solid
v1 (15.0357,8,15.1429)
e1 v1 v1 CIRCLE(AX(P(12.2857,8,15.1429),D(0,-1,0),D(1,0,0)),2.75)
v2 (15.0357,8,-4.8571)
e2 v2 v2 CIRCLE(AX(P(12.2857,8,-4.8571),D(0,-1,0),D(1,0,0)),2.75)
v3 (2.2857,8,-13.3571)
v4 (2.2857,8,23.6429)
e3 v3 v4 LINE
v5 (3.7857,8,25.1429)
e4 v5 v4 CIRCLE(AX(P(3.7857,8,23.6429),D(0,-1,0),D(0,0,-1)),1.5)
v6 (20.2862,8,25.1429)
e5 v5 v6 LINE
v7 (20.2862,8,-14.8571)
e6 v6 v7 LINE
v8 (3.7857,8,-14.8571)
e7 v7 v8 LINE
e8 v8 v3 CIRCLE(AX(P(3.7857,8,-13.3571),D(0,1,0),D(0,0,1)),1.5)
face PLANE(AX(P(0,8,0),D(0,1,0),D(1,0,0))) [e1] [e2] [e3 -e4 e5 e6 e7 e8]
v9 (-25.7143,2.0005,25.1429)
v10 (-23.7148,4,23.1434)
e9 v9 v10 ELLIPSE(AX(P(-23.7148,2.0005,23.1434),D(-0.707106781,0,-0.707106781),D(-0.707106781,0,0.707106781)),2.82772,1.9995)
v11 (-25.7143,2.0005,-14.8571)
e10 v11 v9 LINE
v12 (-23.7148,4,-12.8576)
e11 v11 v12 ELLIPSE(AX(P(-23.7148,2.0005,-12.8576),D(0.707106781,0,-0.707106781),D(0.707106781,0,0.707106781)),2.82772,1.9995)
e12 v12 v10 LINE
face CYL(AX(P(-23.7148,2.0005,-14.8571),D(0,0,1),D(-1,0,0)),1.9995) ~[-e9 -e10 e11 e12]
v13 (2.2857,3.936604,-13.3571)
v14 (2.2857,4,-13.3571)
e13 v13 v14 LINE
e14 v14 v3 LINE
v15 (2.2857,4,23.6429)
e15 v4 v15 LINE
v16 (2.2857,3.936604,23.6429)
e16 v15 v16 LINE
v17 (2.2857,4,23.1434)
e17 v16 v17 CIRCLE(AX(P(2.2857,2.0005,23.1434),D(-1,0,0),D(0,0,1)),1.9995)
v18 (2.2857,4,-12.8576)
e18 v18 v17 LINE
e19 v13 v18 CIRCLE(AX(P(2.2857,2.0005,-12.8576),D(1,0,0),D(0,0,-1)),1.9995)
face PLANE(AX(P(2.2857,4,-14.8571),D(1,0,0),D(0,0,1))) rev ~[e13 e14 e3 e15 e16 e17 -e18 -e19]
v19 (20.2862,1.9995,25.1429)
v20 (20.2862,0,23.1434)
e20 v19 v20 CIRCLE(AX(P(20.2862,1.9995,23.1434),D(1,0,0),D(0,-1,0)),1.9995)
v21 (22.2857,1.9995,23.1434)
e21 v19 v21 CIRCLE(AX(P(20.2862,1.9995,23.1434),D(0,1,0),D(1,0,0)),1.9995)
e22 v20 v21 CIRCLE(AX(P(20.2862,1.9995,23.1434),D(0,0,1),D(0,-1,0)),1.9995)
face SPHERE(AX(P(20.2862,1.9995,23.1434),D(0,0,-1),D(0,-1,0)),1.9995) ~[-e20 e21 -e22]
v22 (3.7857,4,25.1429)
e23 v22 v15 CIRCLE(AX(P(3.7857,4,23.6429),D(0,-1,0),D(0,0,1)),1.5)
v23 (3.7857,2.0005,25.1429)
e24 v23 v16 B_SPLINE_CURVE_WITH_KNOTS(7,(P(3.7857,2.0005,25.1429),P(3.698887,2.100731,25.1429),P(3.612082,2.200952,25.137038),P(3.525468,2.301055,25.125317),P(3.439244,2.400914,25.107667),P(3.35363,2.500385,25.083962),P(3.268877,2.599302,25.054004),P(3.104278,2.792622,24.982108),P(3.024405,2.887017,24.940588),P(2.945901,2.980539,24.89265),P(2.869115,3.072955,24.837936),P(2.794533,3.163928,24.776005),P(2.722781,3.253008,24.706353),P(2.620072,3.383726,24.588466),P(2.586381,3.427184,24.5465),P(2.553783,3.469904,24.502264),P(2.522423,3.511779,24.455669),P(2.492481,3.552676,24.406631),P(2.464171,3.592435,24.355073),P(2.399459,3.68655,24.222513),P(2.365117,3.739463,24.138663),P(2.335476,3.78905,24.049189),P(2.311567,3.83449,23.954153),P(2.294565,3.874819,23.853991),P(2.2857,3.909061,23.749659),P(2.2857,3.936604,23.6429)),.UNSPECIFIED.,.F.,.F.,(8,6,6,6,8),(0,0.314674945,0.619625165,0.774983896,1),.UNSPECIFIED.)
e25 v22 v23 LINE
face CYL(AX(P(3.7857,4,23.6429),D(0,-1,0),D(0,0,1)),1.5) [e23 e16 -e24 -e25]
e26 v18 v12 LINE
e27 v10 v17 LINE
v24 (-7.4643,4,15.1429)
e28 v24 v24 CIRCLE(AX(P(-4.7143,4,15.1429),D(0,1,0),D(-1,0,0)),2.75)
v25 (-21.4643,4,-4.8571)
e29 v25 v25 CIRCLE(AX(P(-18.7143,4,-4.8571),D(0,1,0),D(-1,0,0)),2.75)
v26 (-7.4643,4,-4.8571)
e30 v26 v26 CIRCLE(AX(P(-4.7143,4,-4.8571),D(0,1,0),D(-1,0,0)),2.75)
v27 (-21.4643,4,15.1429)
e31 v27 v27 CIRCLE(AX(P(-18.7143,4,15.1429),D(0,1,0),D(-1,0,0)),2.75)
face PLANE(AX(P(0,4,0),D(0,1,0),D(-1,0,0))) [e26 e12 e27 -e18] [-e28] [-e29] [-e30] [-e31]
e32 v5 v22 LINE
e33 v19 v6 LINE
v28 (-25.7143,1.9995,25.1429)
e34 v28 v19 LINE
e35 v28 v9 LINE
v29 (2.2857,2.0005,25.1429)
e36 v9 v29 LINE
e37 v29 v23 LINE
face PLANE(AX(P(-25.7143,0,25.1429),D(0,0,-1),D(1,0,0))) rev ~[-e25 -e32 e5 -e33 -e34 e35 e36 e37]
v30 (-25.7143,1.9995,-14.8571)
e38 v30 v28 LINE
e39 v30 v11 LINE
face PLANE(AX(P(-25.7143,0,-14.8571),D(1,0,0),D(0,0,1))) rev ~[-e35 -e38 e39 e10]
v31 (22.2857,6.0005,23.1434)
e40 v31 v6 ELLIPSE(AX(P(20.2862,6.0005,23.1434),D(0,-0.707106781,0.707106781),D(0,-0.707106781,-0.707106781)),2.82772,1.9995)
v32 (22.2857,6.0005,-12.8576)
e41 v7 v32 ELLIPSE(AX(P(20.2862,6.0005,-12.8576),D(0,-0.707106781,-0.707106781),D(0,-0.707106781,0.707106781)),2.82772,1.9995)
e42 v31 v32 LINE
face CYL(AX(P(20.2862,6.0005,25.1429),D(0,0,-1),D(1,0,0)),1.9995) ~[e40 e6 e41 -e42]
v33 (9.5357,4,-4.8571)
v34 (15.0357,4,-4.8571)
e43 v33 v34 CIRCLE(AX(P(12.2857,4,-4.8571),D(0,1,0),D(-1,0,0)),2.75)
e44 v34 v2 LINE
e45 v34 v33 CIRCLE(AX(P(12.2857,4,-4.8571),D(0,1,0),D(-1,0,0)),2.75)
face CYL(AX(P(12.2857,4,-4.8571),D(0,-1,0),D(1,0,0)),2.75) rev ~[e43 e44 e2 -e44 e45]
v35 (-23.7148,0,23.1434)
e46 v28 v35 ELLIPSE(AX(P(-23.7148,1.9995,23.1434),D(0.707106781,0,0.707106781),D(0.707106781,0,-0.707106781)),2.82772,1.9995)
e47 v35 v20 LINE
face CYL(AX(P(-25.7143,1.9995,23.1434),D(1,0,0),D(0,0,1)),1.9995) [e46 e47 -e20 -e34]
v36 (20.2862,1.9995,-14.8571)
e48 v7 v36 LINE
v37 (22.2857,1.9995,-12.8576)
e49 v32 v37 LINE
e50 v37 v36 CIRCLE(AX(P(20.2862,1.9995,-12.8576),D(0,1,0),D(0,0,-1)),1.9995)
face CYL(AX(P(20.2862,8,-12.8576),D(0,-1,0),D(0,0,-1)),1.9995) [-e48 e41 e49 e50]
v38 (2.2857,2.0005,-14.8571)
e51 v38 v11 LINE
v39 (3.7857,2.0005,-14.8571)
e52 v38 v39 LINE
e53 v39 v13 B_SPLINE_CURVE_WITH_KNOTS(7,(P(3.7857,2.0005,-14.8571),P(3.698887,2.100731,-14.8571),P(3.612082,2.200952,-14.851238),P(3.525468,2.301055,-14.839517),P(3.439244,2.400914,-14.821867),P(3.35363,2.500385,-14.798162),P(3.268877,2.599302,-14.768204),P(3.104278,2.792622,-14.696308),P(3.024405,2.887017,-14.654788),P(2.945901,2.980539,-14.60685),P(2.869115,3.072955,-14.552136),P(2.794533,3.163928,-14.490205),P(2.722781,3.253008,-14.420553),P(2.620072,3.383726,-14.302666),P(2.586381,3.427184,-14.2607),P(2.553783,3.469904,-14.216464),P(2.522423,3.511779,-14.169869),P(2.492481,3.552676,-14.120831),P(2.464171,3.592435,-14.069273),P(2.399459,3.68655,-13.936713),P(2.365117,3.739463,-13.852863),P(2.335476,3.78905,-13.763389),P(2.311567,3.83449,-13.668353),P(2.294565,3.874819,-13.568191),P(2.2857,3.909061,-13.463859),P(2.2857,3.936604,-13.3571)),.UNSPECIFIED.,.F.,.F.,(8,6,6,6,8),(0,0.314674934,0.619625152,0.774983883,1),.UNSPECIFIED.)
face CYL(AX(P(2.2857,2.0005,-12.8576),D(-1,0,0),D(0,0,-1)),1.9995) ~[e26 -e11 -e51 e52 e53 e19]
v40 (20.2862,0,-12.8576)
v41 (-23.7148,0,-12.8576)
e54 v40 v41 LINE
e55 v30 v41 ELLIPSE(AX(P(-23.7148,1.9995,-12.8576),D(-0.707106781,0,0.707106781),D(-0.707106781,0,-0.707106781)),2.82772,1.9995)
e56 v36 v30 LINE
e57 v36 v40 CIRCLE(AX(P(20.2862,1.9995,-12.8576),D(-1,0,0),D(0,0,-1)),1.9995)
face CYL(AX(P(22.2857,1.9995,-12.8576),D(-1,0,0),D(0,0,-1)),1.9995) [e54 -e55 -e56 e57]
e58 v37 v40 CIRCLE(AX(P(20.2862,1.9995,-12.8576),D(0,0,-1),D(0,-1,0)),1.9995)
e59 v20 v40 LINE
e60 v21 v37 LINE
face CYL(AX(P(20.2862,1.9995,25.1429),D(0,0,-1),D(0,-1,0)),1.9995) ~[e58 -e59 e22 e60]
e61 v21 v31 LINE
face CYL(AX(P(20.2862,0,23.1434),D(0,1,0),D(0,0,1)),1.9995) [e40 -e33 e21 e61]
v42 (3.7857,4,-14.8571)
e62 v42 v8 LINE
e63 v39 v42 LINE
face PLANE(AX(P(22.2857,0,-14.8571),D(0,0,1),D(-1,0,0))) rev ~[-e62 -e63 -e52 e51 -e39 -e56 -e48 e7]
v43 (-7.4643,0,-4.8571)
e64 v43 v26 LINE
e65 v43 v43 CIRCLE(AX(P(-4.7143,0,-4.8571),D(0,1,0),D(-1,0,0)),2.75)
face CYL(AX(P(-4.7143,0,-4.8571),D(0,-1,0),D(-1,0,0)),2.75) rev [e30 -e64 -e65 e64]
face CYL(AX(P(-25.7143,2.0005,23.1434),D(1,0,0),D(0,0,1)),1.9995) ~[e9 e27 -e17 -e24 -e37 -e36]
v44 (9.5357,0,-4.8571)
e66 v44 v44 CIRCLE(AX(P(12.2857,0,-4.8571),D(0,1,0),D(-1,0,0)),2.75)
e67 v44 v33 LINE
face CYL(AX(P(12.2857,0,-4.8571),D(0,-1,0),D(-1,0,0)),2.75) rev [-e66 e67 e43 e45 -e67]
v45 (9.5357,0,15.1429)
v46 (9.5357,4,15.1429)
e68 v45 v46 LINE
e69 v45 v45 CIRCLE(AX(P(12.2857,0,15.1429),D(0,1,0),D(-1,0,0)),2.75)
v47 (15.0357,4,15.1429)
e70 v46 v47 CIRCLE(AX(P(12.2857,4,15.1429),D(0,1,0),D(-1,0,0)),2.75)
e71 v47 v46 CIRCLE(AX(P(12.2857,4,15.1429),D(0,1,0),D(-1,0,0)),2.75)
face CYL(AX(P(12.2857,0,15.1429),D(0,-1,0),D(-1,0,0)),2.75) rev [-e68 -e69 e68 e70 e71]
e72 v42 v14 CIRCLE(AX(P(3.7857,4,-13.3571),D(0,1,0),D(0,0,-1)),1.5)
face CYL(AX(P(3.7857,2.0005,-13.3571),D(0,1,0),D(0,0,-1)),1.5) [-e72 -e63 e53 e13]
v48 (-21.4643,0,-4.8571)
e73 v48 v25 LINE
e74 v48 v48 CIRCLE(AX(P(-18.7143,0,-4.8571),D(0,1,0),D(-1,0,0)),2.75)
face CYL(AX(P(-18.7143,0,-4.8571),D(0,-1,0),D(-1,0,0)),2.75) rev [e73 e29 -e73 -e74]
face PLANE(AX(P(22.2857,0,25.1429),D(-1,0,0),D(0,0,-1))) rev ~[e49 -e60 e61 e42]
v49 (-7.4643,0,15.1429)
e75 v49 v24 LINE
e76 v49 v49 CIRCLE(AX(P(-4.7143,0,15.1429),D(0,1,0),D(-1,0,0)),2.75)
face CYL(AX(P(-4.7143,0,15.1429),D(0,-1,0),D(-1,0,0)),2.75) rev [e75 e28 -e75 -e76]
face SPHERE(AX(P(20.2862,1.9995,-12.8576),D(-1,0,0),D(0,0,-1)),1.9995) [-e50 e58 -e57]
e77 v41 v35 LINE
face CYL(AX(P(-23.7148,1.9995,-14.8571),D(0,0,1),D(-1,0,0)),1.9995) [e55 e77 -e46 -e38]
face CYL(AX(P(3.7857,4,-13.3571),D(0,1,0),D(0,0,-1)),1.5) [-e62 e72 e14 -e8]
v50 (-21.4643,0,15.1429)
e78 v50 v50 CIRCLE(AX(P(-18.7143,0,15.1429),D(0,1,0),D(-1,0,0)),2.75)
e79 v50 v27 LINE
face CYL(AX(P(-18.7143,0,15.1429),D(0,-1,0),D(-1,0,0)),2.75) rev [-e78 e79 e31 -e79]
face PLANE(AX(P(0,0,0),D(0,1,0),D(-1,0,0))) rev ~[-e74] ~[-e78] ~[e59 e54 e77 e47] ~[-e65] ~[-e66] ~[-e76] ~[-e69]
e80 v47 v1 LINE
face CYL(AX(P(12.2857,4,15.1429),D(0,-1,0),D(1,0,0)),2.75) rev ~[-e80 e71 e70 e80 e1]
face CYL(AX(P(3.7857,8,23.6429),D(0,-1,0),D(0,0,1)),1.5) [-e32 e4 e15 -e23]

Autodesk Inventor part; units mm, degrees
ref_plane "YZ Plane" through (0, 0, 0) normal (1, 0, 0) x (0, 1, 0)
ref_plane "XZ Plane" through (0, 0, 0) normal (0, 1, 0) x (-1, 0, 0)
ref_plane "XY Plane" through (0, 0, 0) normal (0, 0, 1) x (1, 0, 0)
sketch "Sketch1" plane through (0, 0, 0) normal (0, 1, 0) x (-1, 0, 0)
  line L0 (25.7143, 25.1429) -> (-22.2857, 25.1429)
  line L1 (-22.2857, 25.1429) -> (-22.2857, -14.8571)
  line L2 (-22.2857, -14.8571) -> (25.7143, -14.8571)
  line L3 (25.7143, -14.8571) -> (25.7143, 25.1429)
  circle A0 centre (18.7143, 15.1429) radius 2.75
  circle A1 centre (18.7143, -4.8571) radius 2.75
  circle A2 centre (4.7143, -4.8571) radius 2.75
  circle A3 centre (4.7143, 15.1429) radius 2.75
  circle A4 centre (-12.2857, 15.1429) radius 2.75
  circle A5 centre (-12.2857, -4.8571) radius 2.75
  point P0 (0, 0)
  dimension "d0" = 48
  dimension "d1" = 40
  dimension "d2" = 5.5
  dimension "d3" = 5.5
  dimension "d4" = 5.5
  dimension "d5" = 5.5
  dimension "d6" = 5.5
  dimension "d7" = 5.5
  dimension "d8" = 7
  dimension "d9" = 14
  dimension "d10" = 17
  dimension "d12" = 20
  dimension "d13" = 10
  dimension "d24" = 10
extrude "Extrusion1" add sketch "Sketch1" along normal blind 4
sketch "Sketch3" plane through (0, 4, 0) normal (0, 1, 0) x (1, 0, 0)
  line L0 (22.2857, -25.1429) -> (22.2857, 14.8571) projected
  line L1 (-25.7143, -25.1429) -> (22.2857, -25.1429) projected
  line L2 (22.2857, 14.8571) -> (2.2857, 14.8571)
  line L3 (2.2857, 14.8571) -> (2.2857, -25.1429)
  line L4 (2.2857, -25.1429) -> (22.2857, -25.1429)
  line L5 (22.2857, -25.1429) -> (22.2857, 14.8571)
  point P0 (0, 0)
  dimension "d17" = 20
extrude "Extrusion2" add sketch "Sketch3" along normal blind 4
sketch "Sketch4" plane through (12.2857, 4, 15.1429) normal (0, -1, 0) x (1, 0, 0)
  circle A0 centre (0, 0) radius 2.75
  circle A1 centre (0, -20) radius 2.75 projected
  circle A2 centre (0, -20) radius 2.75
  point P0 (-12.2857, -15.1429)
extrude "Extrusion3" cut sketch "Sketch4" against normal blind 4
fillet "Fillet2" radius 2 10 edges at (-1.7143, 0, -14.8571) (22.2857, 4, -14.8571) (22.2857, 0, 5.1429) (-1.7143, 0, 25.1429) (-25.7143, 0, 5.1429) (-25.7143, 4, 5.1429) (-11.7143, 4, 25.1429) (-11.7143, 4, -14.8571) (22.2857, 8, 5.1429) (22.2857, 4, 25.1429)
fillet "Fillet3" radius 1.5 4 edges at (2.2857, 3.0003, 25.1429) (2.2857, 6, 25.1429) (2.2857, 6, -14.8571) (2.2857, 3.0003, -14.8571)
properties part number "syringepumpplate_bottom"
